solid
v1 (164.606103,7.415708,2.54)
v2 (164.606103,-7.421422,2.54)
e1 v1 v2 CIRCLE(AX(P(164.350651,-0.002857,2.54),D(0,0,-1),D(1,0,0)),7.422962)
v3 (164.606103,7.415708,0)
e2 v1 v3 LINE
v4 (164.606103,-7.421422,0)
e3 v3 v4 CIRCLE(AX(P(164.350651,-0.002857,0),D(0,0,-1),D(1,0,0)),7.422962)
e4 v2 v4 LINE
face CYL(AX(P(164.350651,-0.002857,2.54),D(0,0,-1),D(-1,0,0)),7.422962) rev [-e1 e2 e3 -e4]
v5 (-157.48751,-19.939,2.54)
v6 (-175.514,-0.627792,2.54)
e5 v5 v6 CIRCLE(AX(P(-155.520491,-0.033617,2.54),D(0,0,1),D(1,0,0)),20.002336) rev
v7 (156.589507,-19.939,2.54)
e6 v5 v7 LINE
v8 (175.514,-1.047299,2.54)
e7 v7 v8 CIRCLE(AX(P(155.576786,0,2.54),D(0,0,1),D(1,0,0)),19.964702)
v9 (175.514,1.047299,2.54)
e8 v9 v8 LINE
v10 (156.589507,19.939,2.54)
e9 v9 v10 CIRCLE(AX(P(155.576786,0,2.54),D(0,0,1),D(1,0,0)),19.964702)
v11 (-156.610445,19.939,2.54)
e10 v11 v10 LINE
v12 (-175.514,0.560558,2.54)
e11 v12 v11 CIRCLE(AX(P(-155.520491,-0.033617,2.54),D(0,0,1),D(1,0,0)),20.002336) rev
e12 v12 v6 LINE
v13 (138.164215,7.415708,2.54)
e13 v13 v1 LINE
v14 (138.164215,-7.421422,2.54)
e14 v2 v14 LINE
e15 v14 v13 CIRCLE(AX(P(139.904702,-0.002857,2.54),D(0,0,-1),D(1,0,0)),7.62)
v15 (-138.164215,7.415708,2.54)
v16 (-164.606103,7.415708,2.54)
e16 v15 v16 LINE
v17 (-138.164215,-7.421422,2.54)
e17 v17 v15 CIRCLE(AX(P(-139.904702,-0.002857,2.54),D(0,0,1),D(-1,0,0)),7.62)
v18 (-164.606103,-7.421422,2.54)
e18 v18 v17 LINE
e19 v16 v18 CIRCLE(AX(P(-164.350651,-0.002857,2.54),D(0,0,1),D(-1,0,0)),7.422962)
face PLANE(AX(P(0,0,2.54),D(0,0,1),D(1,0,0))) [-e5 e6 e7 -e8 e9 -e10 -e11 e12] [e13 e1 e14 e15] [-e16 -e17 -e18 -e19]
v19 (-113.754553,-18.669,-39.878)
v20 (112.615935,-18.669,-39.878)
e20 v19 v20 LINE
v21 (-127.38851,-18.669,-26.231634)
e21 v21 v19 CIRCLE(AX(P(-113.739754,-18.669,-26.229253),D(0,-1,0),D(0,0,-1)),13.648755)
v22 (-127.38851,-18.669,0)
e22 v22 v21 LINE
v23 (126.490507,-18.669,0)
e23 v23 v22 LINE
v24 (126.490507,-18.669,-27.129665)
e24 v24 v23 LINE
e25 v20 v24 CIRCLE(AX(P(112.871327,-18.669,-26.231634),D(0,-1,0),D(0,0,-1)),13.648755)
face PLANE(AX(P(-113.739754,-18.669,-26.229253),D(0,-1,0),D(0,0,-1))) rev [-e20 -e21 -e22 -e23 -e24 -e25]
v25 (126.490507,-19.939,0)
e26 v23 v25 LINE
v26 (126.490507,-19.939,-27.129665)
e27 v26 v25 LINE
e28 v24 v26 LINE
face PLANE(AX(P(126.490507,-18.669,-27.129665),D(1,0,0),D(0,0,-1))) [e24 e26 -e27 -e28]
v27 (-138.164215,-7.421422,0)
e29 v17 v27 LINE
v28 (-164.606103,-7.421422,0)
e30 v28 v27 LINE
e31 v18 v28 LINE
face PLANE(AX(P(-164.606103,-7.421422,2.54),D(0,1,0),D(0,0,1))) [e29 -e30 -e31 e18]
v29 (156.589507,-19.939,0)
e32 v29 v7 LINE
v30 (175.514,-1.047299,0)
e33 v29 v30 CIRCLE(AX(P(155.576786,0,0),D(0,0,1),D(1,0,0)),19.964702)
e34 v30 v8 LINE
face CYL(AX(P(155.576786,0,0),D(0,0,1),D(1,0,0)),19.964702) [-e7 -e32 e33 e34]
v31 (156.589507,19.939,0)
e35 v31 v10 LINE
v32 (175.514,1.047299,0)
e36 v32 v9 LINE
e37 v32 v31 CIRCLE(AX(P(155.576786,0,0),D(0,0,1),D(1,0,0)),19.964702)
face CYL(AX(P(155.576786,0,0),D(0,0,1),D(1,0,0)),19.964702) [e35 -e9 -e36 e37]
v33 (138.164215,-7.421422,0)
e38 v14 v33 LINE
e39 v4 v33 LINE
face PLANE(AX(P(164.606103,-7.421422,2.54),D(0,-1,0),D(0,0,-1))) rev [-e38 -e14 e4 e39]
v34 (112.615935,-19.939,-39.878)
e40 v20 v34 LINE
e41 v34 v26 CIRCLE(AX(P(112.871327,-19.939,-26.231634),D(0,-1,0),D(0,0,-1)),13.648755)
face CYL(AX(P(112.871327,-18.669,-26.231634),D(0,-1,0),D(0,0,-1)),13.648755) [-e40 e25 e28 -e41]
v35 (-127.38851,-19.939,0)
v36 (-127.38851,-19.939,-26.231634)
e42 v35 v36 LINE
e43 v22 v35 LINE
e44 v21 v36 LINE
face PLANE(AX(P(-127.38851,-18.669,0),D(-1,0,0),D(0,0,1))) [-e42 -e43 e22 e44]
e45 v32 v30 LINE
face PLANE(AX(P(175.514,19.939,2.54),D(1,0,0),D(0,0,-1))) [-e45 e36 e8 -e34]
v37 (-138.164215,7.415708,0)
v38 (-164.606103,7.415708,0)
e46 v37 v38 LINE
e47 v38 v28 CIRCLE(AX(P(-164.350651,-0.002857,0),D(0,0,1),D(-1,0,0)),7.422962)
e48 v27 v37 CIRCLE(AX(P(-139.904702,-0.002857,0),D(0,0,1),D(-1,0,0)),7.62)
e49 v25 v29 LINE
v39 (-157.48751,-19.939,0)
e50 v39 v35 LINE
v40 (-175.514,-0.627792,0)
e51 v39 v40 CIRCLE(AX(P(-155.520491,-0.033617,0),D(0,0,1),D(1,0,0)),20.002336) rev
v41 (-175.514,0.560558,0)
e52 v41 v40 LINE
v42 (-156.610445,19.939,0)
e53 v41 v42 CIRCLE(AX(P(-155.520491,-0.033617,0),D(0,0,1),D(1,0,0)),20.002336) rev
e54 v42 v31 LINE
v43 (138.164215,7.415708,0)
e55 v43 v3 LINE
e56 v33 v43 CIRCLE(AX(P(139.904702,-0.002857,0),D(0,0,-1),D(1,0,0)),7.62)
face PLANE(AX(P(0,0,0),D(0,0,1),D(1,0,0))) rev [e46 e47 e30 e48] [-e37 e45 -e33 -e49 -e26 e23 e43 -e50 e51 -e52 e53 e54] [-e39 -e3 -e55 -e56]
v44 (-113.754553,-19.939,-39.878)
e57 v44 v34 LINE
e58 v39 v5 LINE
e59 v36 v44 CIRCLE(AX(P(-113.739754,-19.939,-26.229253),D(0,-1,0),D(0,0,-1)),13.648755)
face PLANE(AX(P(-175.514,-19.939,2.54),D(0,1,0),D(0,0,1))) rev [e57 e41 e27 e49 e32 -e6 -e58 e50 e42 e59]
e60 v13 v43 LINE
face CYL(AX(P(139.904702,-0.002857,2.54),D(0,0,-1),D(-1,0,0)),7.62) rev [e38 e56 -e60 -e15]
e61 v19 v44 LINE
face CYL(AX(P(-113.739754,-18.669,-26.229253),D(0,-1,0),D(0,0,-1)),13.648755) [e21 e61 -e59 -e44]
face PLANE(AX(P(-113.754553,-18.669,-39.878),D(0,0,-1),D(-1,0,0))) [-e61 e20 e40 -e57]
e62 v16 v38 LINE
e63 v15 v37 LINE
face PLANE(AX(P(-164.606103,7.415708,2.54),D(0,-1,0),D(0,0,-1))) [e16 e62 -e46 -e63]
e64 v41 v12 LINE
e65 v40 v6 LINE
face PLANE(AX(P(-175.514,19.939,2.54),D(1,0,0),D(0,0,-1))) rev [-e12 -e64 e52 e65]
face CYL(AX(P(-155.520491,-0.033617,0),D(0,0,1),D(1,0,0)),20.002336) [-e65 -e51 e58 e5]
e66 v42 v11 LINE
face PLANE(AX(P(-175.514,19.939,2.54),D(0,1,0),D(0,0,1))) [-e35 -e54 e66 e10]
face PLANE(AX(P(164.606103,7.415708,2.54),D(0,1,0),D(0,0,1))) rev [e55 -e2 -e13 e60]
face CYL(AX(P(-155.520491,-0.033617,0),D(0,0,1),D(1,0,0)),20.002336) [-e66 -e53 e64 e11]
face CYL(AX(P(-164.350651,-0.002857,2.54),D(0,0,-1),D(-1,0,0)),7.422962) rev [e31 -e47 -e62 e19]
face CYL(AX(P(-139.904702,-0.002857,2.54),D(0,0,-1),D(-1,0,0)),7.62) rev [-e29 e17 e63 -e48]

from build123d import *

# Parameters (mm, degrees)
SKETCH1_W           = 351.028
SKETCH1_H           = 39.878
BOSS_EXTRUDE1_DEPTH = 2.54
CUT_EXTRUDE1_DEPTH  = 2.54
BOSS_EXTRUDE3_DEPTH = 1.27
CUT_EXTRUDE2_DEPTH  = 182.08885497


with BuildPart() as part:
    # Sketch1 → Boss-Extrude1 (new body)
    with BuildSketch(Plane.XY):
        Rectangle(SKETCH1_W, SKETCH1_H)
    extrude(amount=BOSS_EXTRUDE1_DEPTH)

    # Sketch2 → Cut-Extrude1 (cut)
    with BuildSketch(Plane.XY.offset(2.54)):
        with BuildLine():
            ThreePointArc((-175.514, 0.560558273), (-169.838630059, 13.933642373), (-156.610444921, 19.939))
            Line((-156.610444921, 19.939), (-175.514, 19.939))
            Line((-175.514, 19.939), (-175.514, 0.560558273))
        make_face()
        with BuildLine():
            ThreePointArc((-157.487509507, -19.939), (-170.14228569, -13.682666917), (-175.514, -0.627792376))
            Line((-175.514, -0.627792376), (-175.514, -19.939))
            Line((-175.514, -19.939), (-157.487509507, -19.939))
        make_face()
        with BuildLine():
            Line((175.514, 19.939), (156.589507007, 19.939))
            ThreePointArc((156.589507007, 19.939), (169.681715457, 14.129412549), (175.514, 1.047299362))
            Line((175.514, 1.047299362), (175.514, 19.939))
        make_face()
        with BuildLine():
            Line((175.514, -19.939), (175.514, -1.047299362))
            ThreePointArc((175.514, -1.047299362), (169.681715457, -14.129412549), (156.589507007, -19.939))
            Line((156.589507007, -19.939), (175.514, -19.939))
        make_face()
    extrude(amount=-CUT_EXTRUDE1_DEPTH, mode=Mode.SUBTRACT)

    # Sketch4 → Boss-Extrude3 (add)
    with BuildSketch(Plane(origin=(0, -19.939, 0), x_dir=(-1, 0, 0), z_dir=(0, -1, 0))):
        with BuildLine():
            Line((-126.490507007, 27.129664964), (-126.490507007, 0))
            Line((-126.490507007, 0), (127.388509507, 0))
            Line((127.388509507, 0), (127.388509507, 26.231634315))
            ThreePointArc((127.388509507, 26.231634315), (123.395271006, 35.875988979), (113.754553273, 39.878))
            Line((113.754553273, 39.878), (-112.615934561, 39.878))
            ThreePointArc((-112.615934561, 39.878), (-122.105920459, 36.282047556), (-126.490507007, 27.129664964))
        make_face()
    extrude(amount=-BOSS_EXTRUDE3_DEPTH)

    # Sketch5 → Cut-Extrude2 (cut, through all)
    with BuildSketch(Plane(origin=(0, 0, 0), x_dir=(-1, 0, 0), z_dir=(0, 0, -1))):
        with BuildLine():
            Line((-164.606102616, 7.415708173), (-138.164214663, 7.415708173))
            ThreePointArc((-138.164214663, 7.415708173), (-132.284701758, -0.002856694), (-138.164214663, -7.42142156))
            Line((-138.164214663, -7.42142156), (-164.606102616, -7.42142156))
            ThreePointArc((-164.606102616, -7.42142156), (-171.773613025, -0.002856694), (-164.606102616, 7.415708173))
        make_face()
    cut_extrude2 = extrude(amount=-CUT_EXTRUDE2_DEPTH, mode=Mode.SUBTRACT)

    # Mirror1: Cut-Extrude2 across plane
    add(cut_extrude2.mirror(Plane(origin=(0, 0, 0), x_dir=(0, 0, 1), z_dir=(1, 0, 0))), mode=Mode.SUBTRACT)


solid = part.part
